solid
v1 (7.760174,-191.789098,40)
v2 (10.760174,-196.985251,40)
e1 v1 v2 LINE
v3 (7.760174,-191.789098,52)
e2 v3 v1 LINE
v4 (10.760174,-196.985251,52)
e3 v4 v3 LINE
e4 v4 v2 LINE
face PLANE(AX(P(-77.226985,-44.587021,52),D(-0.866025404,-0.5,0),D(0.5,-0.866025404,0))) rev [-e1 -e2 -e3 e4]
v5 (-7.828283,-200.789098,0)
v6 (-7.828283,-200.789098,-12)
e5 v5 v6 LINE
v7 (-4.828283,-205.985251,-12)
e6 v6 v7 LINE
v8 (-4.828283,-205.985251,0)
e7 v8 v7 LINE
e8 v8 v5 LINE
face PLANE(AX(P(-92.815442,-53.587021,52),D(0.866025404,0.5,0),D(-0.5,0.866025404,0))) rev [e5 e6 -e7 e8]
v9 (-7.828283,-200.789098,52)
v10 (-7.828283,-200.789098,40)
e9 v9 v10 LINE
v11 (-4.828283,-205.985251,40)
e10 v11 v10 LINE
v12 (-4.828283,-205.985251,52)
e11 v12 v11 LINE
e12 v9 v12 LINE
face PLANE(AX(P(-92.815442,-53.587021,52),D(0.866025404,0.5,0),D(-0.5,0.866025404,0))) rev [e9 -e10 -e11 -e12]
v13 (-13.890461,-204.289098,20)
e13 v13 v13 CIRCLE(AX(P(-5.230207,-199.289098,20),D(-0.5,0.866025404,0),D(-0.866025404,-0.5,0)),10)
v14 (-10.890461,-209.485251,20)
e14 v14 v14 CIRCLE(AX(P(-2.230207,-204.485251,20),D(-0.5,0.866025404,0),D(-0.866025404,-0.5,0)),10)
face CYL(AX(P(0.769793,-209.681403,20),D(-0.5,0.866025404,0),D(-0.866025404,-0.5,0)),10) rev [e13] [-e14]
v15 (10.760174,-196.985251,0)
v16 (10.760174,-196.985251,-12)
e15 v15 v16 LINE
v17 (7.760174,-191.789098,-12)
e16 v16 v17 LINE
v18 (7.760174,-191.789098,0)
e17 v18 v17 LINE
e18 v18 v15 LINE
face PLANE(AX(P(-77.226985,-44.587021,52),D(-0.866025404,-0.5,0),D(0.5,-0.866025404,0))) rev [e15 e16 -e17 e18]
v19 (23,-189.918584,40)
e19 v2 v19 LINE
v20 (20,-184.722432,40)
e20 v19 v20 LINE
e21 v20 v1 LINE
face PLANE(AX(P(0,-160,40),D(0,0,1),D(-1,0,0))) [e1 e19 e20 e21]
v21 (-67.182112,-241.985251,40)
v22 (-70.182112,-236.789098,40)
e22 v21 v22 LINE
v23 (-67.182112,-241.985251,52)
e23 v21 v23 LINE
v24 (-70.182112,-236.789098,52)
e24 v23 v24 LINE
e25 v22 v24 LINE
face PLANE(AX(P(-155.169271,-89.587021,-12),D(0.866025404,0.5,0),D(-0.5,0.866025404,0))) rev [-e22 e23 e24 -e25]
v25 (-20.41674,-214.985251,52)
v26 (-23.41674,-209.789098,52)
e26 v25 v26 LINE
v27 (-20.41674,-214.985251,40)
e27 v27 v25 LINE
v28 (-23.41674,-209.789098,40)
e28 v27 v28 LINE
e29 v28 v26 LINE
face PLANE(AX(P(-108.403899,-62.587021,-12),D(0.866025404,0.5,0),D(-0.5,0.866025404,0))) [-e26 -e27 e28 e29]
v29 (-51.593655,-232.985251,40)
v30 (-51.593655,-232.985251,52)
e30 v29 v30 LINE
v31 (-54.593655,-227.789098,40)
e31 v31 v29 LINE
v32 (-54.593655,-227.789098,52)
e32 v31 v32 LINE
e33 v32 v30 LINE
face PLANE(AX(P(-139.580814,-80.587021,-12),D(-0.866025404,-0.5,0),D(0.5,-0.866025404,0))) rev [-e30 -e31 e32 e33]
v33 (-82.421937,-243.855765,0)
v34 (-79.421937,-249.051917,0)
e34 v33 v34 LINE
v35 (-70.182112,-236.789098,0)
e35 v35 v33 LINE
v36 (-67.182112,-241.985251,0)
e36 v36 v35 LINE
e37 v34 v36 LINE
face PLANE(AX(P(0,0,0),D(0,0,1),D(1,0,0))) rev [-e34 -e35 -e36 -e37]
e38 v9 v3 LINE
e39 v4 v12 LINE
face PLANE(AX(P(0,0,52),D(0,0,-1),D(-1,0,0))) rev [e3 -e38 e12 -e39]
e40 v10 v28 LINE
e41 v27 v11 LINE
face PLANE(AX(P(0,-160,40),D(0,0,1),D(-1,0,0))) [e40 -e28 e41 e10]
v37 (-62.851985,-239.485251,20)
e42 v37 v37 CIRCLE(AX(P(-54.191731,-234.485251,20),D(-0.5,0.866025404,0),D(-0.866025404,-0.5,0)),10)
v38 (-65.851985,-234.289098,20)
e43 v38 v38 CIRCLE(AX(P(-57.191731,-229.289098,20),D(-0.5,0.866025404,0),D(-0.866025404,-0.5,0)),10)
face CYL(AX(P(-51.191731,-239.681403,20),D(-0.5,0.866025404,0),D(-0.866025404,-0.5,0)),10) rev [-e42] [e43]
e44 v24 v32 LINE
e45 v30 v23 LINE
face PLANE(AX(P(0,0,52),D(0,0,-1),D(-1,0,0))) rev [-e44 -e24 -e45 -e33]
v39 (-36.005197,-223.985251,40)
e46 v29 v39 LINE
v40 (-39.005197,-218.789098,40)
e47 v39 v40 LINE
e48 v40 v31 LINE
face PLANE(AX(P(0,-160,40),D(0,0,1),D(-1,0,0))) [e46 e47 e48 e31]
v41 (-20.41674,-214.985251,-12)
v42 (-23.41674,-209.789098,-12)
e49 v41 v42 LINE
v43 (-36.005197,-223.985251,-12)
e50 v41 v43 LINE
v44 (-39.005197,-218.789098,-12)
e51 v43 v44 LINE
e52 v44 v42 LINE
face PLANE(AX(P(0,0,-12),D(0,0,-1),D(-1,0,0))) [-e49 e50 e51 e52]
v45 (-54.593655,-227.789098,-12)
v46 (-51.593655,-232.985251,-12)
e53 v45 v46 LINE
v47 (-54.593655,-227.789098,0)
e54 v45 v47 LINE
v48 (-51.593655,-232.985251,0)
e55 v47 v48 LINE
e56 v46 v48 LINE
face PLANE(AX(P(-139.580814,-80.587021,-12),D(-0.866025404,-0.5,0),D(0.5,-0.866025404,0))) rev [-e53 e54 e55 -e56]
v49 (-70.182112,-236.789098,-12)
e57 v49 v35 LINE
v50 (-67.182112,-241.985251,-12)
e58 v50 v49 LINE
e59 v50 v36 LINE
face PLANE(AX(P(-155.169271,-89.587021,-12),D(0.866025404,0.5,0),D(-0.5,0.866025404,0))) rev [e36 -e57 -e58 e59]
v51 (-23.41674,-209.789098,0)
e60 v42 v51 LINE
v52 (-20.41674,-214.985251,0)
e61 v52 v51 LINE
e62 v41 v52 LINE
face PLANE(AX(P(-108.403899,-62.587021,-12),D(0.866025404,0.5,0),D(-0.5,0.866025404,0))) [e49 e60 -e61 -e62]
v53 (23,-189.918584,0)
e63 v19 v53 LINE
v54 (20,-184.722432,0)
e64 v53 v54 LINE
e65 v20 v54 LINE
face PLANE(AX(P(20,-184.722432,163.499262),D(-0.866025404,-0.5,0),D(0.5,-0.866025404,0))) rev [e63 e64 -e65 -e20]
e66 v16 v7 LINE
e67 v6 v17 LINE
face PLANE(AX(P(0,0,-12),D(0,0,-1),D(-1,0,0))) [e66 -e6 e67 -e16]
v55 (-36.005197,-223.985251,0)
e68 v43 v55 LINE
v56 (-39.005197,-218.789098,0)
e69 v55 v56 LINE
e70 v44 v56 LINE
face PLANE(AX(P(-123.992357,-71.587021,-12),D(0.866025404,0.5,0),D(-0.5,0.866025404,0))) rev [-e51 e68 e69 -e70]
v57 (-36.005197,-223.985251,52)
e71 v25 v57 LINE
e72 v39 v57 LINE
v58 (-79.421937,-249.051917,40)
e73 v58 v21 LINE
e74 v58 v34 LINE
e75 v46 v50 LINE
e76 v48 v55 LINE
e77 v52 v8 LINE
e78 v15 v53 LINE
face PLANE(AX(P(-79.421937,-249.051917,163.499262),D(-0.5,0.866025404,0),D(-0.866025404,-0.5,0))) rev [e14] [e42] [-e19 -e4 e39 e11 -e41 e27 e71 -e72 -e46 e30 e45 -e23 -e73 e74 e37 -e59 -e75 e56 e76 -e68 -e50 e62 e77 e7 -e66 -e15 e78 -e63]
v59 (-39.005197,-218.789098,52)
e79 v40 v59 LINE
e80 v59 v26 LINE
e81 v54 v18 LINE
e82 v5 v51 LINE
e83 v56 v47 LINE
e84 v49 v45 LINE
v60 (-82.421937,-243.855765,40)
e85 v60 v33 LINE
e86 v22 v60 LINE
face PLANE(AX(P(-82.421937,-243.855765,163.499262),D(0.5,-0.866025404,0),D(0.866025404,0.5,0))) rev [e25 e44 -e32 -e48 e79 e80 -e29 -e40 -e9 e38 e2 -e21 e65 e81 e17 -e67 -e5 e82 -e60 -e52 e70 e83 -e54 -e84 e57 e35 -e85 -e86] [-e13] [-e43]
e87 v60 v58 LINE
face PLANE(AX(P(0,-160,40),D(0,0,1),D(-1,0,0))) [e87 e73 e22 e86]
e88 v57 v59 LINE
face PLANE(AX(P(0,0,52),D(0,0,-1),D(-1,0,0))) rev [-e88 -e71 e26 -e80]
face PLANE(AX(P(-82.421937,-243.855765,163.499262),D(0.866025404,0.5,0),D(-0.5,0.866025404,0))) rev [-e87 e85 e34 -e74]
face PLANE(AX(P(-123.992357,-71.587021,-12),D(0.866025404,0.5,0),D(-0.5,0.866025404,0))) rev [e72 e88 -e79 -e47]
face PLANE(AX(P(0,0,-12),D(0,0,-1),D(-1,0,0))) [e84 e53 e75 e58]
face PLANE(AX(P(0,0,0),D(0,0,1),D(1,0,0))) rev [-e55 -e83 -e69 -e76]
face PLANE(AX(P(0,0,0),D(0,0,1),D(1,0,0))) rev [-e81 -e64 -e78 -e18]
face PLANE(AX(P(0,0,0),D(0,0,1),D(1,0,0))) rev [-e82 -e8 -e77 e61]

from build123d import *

# Parameters (mm, degrees)
BOSS_EXTRU_1_DEPTH      = 40
BOSS_EXTRU_2_DEPTH      = 12
BOSS_EXTRU_2_DEPTH_BACK = 52
ESQUISSE2_R             = 10
ENL_V_MAT_EXTRU_2_DEPTH = 12


with BuildPart() as part:
    # Esquisse1 → Boss.-Extru.1 (new body)
    with BuildSketch(Plane.XY):
        Polygon((-82.421937441, -243.855765017), (20, -184.722431864), (23, -189.918584287), (-79.421937441, -249.05191744), align=None)
    extrude(amount=BOSS_EXTRU_1_DEPTH)

    # Esquisse3 → Boss.-Extru.2 (add, two sides: drawn at the far end of the back side and taken through both)
    with BuildSketch(Plane(origin=(0, 0, 0), x_dir=(-1, 0, 0), z_dir=(0, 0, -1)).offset(-BOSS_EXTRU_2_DEPTH_BACK)):
        Polygon((4.828282819, -205.985250863), (7.828282819, -200.789098441), (-7.76017445, -191.789098441), (-10.76017445, -196.985250863), align=None)
        Polygon((39.005197355, -218.789098441), (31.210968721, -214.289098441), (28.210968721, -219.485250863), (36.005197355, -223.985250863), align=None)
        Polygon((28.210968721, -219.485250863), (31.210968721, -214.289098441), (23.416740087, -209.789098441), (20.416740087, -214.985250863), align=None)
        Polygon((70.182111891, -236.789098441), (54.593654623, -227.789098441), (51.593654623, -232.985250863), (67.182111891, -241.985250863), align=None)
    extrude(amount=BOSS_EXTRU_2_DEPTH + BOSS_EXTRU_2_DEPTH_BACK)

    # Esquisse2 → Enlèv. mat.-Extru.2 (cut)
    with BuildSketch(Plane(origin=(84.987159322, -147.202077936, 0), x_dir=(0.8660254037844385, 0.5000000000000003, 0), z_dir=(-0.5000000000000003, 0.8660254037844385, 0))):
        with Locations(Location((-164.174041009, -20, 0), (0, 0, 180))):
            Circle(ESQUISSE2_R)
        with Locations(Location((-104.174041009, -20, 0), (0, 0, 180))):
            Circle(ESQUISSE2_R)
    extrude(amount=-ENL_V_MAT_EXTRU_2_DEPTH, mode=Mode.SUBTRACT)


solid = part.part
